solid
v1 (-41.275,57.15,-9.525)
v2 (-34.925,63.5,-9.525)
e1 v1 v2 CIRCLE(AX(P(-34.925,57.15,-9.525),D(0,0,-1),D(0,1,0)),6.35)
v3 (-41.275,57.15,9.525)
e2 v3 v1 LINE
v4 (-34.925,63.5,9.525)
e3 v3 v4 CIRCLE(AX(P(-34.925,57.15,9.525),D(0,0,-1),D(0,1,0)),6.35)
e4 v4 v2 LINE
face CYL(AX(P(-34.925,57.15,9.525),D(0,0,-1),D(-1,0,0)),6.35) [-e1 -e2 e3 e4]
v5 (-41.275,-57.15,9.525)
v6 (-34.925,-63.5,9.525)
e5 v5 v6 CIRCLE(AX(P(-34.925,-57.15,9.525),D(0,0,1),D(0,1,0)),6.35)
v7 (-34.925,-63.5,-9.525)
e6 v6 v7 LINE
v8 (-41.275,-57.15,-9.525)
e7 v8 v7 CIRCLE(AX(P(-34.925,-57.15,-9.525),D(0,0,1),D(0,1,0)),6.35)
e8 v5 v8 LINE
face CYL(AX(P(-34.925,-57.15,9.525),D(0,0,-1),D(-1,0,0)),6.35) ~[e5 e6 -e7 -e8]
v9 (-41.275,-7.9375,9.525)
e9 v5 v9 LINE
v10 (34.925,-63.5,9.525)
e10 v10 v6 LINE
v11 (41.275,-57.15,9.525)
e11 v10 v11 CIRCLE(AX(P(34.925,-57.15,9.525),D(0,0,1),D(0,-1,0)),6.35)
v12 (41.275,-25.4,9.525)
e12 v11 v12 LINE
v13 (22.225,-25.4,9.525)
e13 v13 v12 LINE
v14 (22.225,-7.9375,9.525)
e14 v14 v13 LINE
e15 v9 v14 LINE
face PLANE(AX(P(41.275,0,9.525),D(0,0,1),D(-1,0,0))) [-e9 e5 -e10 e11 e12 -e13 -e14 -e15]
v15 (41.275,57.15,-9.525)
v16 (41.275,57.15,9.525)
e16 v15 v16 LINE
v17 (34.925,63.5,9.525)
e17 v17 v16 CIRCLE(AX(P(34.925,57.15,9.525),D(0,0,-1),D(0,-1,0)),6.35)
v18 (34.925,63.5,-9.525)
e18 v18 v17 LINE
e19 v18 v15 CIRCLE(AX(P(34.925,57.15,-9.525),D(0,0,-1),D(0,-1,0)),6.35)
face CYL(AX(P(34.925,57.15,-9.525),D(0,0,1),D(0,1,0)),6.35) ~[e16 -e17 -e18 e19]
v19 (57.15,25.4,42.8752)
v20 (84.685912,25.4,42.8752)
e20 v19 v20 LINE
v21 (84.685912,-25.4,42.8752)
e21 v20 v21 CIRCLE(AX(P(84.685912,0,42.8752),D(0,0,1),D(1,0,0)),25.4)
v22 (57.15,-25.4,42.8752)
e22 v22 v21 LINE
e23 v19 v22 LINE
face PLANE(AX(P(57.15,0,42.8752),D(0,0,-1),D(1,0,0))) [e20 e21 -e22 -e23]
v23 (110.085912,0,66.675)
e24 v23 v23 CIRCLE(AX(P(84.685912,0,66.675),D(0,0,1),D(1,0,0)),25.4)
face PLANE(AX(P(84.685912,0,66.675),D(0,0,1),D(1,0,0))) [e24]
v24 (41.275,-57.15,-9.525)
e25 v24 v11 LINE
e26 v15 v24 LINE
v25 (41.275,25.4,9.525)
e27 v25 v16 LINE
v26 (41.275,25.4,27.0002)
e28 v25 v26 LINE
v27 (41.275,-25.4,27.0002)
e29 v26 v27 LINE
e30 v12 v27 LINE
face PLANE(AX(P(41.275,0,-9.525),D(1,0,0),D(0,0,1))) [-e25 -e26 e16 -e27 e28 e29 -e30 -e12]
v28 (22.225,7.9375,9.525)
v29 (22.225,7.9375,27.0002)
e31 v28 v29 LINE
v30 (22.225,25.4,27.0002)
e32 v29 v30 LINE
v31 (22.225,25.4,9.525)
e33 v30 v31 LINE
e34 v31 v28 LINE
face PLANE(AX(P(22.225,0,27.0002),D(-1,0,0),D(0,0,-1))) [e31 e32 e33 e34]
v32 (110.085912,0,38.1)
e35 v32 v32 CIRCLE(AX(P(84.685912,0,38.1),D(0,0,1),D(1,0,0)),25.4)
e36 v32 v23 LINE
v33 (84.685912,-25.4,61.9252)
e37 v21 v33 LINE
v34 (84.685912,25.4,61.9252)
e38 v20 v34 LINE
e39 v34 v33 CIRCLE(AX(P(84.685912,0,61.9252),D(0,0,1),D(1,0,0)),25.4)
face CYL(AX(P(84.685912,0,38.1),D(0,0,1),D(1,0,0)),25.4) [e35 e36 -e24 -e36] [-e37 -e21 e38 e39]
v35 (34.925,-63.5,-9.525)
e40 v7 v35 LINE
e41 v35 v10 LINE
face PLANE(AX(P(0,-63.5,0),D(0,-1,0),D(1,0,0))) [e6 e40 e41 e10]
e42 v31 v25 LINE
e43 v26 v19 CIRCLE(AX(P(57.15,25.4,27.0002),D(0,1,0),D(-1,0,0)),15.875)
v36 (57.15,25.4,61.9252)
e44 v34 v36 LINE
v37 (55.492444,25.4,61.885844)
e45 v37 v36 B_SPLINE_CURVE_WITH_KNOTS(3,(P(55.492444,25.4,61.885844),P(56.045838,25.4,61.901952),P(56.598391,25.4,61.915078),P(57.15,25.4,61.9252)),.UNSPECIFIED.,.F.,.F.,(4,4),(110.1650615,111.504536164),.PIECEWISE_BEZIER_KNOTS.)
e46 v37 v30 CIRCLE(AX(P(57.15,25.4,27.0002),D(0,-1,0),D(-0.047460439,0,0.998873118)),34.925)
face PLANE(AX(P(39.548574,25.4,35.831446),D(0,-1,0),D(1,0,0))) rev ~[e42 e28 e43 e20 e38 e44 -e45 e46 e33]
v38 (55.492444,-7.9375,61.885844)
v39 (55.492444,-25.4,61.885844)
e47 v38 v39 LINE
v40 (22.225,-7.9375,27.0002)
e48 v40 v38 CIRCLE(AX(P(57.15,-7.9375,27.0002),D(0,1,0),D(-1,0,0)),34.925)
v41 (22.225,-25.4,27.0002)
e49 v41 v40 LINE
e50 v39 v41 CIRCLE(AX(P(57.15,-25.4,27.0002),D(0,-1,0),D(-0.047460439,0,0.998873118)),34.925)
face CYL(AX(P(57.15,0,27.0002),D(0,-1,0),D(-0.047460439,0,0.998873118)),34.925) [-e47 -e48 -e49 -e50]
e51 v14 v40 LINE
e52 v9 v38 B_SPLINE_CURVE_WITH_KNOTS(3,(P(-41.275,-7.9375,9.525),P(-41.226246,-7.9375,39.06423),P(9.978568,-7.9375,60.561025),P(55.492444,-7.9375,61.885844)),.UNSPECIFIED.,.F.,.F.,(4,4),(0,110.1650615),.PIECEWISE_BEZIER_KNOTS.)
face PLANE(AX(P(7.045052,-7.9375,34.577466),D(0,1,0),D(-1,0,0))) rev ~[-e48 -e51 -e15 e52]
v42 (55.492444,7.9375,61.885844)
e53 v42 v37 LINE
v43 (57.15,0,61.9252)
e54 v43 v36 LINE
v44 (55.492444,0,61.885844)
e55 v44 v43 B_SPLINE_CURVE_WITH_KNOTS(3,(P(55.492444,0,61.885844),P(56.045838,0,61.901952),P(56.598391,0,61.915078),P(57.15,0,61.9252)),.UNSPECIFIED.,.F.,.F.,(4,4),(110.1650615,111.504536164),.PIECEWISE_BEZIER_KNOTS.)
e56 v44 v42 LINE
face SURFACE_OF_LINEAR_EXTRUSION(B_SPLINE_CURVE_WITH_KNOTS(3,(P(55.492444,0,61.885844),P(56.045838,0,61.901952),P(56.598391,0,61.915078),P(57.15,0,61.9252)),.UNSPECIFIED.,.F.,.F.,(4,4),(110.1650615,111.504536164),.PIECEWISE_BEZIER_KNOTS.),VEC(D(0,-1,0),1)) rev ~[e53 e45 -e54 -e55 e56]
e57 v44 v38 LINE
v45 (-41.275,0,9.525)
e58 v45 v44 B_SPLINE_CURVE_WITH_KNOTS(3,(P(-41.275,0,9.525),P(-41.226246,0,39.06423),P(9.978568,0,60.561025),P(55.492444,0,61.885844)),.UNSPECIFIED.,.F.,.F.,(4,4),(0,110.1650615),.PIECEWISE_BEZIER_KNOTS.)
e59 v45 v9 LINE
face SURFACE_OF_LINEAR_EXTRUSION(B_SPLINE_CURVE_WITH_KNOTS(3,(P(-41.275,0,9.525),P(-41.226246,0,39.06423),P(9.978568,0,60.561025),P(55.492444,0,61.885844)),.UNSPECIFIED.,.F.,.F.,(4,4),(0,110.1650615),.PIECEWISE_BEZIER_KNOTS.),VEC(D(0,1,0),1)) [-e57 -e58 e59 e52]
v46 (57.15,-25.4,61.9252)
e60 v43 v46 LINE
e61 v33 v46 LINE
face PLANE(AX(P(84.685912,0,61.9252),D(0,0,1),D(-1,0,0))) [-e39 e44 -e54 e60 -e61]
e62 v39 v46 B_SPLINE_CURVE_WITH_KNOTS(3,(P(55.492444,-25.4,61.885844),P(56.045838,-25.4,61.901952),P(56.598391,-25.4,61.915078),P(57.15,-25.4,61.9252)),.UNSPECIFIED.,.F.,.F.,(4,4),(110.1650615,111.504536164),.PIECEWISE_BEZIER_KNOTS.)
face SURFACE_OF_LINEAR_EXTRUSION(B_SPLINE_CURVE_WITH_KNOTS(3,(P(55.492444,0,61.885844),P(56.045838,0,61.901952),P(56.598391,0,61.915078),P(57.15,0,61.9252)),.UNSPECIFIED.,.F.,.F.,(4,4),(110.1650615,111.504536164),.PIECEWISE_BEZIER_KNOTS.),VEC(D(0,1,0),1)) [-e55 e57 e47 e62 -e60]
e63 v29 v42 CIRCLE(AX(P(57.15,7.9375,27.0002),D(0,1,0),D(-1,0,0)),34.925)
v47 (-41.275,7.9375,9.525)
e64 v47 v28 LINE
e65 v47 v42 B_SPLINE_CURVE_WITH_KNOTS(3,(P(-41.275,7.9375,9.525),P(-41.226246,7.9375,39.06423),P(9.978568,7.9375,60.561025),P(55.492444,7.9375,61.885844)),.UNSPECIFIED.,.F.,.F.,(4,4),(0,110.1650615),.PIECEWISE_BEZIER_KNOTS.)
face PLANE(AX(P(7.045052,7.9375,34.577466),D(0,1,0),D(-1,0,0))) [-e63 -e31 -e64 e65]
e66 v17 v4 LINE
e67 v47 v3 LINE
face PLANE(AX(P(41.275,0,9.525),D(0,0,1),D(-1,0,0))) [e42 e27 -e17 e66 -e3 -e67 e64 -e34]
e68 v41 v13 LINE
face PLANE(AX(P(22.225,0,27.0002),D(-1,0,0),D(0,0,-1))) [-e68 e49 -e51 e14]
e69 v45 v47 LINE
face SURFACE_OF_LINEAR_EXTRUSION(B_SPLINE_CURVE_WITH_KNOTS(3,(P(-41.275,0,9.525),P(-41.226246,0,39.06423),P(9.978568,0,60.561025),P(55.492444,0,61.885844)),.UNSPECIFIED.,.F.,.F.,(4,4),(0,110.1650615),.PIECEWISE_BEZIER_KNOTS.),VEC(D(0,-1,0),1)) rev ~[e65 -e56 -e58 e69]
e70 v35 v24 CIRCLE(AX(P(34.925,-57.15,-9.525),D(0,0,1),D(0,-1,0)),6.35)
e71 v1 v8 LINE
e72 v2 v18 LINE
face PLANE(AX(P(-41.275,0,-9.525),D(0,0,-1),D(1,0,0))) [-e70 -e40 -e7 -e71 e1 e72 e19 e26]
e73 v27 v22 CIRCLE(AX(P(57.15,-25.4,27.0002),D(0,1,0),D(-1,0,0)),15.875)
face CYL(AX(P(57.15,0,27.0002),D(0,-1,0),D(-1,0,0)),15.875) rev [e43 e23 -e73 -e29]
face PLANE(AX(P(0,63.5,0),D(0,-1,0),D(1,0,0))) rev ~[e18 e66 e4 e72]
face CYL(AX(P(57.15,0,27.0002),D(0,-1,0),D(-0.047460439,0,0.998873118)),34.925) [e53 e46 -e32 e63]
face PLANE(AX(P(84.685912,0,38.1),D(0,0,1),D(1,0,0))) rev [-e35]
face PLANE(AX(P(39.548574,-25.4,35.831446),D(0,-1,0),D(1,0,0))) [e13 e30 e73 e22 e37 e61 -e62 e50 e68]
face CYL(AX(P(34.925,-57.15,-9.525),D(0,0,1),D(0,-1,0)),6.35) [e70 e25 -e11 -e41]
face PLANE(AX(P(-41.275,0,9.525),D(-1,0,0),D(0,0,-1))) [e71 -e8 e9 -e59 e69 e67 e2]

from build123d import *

# Parameters (mm, degrees)
F1_DEPTH = 63.5
F2_DEPTH = 7.9375
F3_R     = 6.35
F0_W     = 25.4
F0_H     = 19.05
F4_DEPTH = 25.4


with BuildPart() as f1:
    # F0 (on Front) → F1 (new body, symmetric)
    with BuildSketch(Plane.XZ):
        Polygon((22.225, 9.525), (-41.275, 9.525), (-41.275, -9.525), (41.275, -9.525), (41.275, 9.525), align=None)
    extrude(amount=F1_DEPTH, both=True)

    # F0 (on Front) → F2 (join, symmetric)
    with BuildSketch(Plane.XZ):
        with BuildLine():
            add(Edge.make_bspline(
                [(-41.275, 9.525), (-41.2262459326, 39.0642297135), (9.9785681568, 60.561025247), (55.4924441738, 61.8858436616)],
                knots=[0, 0, 0, 0, 110.1650615003, 110.1650615003, 110.1650615003, 110.1650615003], degree=3))
            Line((-41.275, 9.525), (22.225, 9.525))
            Line((22.225, 9.525), (22.225, 27.0002))
            ThreePointArc((22.225, 27.0002), (31.8750542807, 51.1027464191), (55.4924441738, 61.8858436616))
        make_face()
    extrude(amount=F2_DEPTH, both=True)

    # F3
    f3_edges = [f1.edges().sort_by_distance(p)[0] for p in [
        (-41.275, -63.5, 0),
        (41.275, -63.5, 0),
        (41.275, 63.5, 0),
        (-41.275, 63.5, 0),
    ]]
    fillet(f3_edges, radius=F3_R)

    # F0 (on Front) → F4 (join, symmetric)
    with BuildSketch(Plane.XZ):
        with BuildLine():
            Line((22.225, 27.0002), (22.225, 9.525))
            Line((22.225, 9.525), (41.275, 9.525))
            Line((41.275, 9.525), (41.275, 27.0002))
            ThreePointArc((41.275, 27.0002), (45.9246798487, 38.2255201513), (57.15, 42.8752))
            Line((57.15, 42.8752), (59.2859117566, 42.8752))
            Line((59.2859117566, 42.8752), (59.2859117566, 61.9252))
            Line((59.2859117566, 61.9252), (57.15, 61.9252))
            add(Edge.make_bspline(
                [(55.4924441738, 61.8858436616), (56.0458381711, 61.9019518603), (56.5983908409, 61.9150779074), (57.15, 61.9252)],
                knots=[110.1650615003, 110.1650615003, 110.1650615003, 110.1650615003, 111.5045361635, 111.5045361635, 111.5045361635, 111.5045361635], degree=3))
            ThreePointArc((55.4924441738, 61.8858436616), (31.8750542807, 51.1027464191), (22.225, 27.0002))
        make_face()
        with Locations((71.9859117566, 52.4002)):
            Rectangle(F0_W, F0_H)
    extrude(amount=F4_DEPTH, both=True)

    # F0 (on Front) → F5 (revolve)
    with BuildSketch(Plane.XZ):
        Polygon((84.6859117566, 66.675), (84.6859117566, 61.9252), (84.6859117566, 42.8752), (84.6859117566, 38.1), (110.0859117566, 38.1), (110.0859117566, 66.675), align=None)
    revolve(axis=Axis((84.6859117566, 0, 52.3875), (0, 0, 1)))


solid = f1.part
